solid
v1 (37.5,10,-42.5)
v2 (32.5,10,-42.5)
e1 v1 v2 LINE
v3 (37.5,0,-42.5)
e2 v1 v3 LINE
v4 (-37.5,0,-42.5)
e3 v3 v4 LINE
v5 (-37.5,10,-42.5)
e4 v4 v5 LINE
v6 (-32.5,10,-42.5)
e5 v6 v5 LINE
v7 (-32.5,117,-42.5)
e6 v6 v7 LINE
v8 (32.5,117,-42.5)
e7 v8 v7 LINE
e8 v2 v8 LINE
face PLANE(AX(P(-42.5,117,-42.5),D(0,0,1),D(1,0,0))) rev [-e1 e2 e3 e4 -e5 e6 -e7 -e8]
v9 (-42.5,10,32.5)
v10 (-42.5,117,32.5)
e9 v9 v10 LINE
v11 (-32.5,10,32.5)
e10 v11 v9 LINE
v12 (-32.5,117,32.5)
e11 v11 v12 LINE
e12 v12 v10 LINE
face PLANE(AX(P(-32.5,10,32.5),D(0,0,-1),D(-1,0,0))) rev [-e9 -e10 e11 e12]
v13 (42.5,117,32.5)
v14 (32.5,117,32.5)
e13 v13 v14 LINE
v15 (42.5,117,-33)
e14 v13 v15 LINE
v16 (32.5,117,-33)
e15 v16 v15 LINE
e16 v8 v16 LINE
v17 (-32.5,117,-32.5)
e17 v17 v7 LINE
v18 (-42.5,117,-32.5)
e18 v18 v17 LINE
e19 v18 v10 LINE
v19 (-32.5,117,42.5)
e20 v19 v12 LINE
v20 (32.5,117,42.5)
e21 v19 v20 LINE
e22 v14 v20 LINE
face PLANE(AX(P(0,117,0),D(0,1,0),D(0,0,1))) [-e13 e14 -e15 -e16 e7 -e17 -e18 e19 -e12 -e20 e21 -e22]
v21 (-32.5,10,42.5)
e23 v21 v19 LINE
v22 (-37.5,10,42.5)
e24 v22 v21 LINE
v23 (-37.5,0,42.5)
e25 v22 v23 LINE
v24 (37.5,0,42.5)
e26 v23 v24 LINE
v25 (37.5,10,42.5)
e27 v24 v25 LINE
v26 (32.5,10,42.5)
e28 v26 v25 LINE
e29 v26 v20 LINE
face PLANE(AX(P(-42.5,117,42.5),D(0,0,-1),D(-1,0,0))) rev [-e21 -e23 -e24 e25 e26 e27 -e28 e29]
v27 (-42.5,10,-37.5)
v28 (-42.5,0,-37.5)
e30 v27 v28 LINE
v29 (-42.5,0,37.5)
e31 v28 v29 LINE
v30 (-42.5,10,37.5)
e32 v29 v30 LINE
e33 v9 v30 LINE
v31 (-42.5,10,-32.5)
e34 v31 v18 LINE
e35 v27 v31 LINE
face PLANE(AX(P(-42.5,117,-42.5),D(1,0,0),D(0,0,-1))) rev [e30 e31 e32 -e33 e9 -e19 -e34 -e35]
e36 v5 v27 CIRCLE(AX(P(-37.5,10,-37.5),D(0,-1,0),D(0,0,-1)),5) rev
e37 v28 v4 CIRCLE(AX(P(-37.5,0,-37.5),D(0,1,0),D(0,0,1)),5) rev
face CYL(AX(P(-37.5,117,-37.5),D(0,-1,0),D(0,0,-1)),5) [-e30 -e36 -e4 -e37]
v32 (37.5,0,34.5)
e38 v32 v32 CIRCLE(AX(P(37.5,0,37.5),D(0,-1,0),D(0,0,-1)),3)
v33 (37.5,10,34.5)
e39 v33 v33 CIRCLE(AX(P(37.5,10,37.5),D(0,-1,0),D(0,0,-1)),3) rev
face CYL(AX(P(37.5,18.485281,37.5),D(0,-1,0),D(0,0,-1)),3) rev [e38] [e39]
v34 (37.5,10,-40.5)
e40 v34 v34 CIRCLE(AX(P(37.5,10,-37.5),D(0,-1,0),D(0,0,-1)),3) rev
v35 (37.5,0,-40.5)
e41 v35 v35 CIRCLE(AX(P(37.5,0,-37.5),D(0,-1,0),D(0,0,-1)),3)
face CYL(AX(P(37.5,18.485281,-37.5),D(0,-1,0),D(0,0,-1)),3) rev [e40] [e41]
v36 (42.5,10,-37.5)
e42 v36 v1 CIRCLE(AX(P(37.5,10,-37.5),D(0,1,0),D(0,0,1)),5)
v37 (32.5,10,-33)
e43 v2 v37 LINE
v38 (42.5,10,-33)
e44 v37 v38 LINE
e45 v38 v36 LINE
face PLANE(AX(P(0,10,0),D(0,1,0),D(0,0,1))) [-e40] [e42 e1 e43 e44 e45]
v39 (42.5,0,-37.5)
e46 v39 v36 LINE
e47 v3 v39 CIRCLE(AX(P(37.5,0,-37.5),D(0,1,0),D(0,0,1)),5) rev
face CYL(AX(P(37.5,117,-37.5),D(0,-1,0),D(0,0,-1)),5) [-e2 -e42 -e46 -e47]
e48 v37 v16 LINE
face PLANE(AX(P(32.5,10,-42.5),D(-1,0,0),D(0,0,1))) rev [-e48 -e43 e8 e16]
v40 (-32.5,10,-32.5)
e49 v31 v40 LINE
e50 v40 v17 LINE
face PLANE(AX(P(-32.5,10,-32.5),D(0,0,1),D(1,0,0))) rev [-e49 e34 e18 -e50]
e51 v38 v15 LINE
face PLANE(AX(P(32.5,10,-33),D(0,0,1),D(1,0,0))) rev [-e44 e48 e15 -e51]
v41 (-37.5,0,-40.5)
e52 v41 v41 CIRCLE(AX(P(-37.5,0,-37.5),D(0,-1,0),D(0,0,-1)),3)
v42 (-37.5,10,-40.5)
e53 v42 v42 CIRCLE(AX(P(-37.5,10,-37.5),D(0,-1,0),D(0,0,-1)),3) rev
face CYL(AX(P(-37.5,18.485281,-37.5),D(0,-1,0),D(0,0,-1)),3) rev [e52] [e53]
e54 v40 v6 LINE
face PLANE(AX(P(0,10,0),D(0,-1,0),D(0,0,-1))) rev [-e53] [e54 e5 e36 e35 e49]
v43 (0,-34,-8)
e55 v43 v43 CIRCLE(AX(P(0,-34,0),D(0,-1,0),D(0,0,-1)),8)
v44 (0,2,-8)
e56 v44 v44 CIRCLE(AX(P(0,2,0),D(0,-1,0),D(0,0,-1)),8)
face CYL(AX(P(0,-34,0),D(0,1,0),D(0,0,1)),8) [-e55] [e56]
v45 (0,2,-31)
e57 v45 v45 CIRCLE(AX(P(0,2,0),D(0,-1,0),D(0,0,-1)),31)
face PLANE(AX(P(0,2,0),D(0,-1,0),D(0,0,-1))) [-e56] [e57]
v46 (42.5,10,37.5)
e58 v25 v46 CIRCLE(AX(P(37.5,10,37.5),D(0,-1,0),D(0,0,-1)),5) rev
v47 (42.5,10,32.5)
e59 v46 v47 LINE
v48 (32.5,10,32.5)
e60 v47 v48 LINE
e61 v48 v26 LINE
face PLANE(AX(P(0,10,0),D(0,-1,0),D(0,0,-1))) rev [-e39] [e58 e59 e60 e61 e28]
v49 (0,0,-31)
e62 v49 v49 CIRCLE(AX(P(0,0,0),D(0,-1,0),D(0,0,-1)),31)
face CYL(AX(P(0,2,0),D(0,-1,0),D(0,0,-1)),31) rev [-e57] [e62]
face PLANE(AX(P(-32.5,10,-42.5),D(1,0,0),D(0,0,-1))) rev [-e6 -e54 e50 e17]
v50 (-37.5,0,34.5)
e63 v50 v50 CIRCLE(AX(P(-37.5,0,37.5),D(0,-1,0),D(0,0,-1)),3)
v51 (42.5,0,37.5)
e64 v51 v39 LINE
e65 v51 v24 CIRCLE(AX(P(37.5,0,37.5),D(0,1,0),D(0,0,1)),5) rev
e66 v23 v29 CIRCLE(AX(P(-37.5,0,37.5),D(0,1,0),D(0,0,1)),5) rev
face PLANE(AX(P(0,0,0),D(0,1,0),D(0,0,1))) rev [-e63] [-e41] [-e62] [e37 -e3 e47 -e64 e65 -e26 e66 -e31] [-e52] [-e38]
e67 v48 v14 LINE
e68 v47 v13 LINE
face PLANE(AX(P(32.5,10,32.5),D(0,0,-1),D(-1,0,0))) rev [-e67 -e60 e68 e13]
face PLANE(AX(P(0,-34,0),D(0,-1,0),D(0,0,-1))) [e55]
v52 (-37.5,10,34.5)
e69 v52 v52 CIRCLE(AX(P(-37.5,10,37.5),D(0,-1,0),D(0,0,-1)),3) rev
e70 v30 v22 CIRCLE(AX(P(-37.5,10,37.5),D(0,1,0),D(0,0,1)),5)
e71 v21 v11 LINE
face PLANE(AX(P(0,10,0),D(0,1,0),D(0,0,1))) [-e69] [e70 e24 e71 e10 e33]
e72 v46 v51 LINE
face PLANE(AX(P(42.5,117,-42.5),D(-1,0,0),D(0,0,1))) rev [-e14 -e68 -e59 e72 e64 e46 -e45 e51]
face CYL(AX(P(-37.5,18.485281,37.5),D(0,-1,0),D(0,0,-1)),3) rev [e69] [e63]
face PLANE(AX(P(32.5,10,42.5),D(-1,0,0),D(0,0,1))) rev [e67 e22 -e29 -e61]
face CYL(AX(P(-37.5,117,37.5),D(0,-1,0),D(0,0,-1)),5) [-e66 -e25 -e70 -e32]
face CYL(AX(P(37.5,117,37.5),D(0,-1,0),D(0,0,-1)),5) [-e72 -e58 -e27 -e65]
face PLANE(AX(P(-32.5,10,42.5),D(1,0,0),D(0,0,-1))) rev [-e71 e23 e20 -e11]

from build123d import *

# Parameters (mm, degrees)
CROQUIS1_W              = 85
CROQUIS1_H              = 85
SALIENTE_EXTRUIR1_DEPTH = 117
CORTAR_EXTRUIR1_START   = 10
CROQUIS2_W              = 10
CROQUIS2_H              = 10
CROQUIS2_H_2            = 9.5
CORTAR_EXTRUIR1_DEPTH   = 117
CROQUIS3_R              = 31
CORTAR_EXTRUIR2_DEPTH   = 2
CROQUIS4_R              = 8
SALIENTE_EXTRUIR2_DEPTH = 36
CROQUIS7_R              = 3
CORTAR_EXTRUIR3_DEPTH   = 10
REDONDEO7_R             = 5


with BuildPart() as part:
    # Croquis1 → Saliente-Extruir1 (new body)
    with BuildSketch(Plane(origin=(0, 0, 0), x_dir=(1, 0, 0), z_dir=(0, 1, 0))):
        Rectangle(CROQUIS1_W, CROQUIS1_H)
    extrude(amount=SALIENTE_EXTRUIR1_DEPTH)

    # Croquis2 → Cortar-Extruir1 (cut)
    with BuildSketch(Plane(origin=(0, 117, 0), x_dir=(1, 0, 0), z_dir=(0, 1, 0)).offset(CORTAR_EXTRUIR1_START)):
        with Locations((-37.5, 37.5)):
            Rectangle(CROQUIS2_W, CROQUIS2_H)
        with Locations((37.5, 37.75)):
            Rectangle(CROQUIS2_W, CROQUIS2_H_2)
        with Locations((-37.5, -37.5)):
            Rectangle(CROQUIS2_W, CROQUIS2_H)
        with Locations((37.5, -37.5)):
            Rectangle(CROQUIS2_W, CROQUIS2_H)
    extrude(amount=-CORTAR_EXTRUIR1_DEPTH, mode=Mode.SUBTRACT)

    # Croquis3 → Cortar-Extruir2 (cut)
    with BuildSketch(Plane.XZ):
        with Locations(Location((0, 0, 0), (0, 0, 270))):
            Circle(CROQUIS3_R)
    extrude(amount=-CORTAR_EXTRUIR2_DEPTH, mode=Mode.SUBTRACT)

    # Croquis4 → Saliente-Extruir2 (add)
    with BuildSketch(Plane.XZ.offset(-2)):
        with Locations(Location((0, 0, 0), (0, 0, 270))):
            Circle(CROQUIS4_R)
    extrude(amount=SALIENTE_EXTRUIR2_DEPTH)

    # Croquis7 → Cortar-Extruir3 (cut)
    with BuildSketch(Plane.XZ):
        with Locations(Location((37.5, -37.5, 0), (0, 0, 270))):
            Circle(CROQUIS7_R)
        with Locations(Location((-37.5, -37.5, 0), (0, 0, 270))):
            Circle(CROQUIS7_R)
        with Locations(Location((-37.5, 37.5, 0), (0, 0, 270))):
            Circle(CROQUIS7_R)
        with Locations(Location((37.5, 37.5, 0), (0, 0, 270))):
            Circle(CROQUIS7_R)
    extrude(amount=-CORTAR_EXTRUIR3_DEPTH, mode=Mode.SUBTRACT)

    # Redondeo7
    redondeo7_edges = [part.edges().sort_by_distance(p)[0] for p in [
        (42.5, 5, 42.5),
        (-42.5, 5, 42.5),
        (-42.5, 5, -42.5),
        (42.5, 5, -42.5),
    ]]
    fillet(redondeo7_edges, radius=REDONDEO7_R)


solid = part.part
